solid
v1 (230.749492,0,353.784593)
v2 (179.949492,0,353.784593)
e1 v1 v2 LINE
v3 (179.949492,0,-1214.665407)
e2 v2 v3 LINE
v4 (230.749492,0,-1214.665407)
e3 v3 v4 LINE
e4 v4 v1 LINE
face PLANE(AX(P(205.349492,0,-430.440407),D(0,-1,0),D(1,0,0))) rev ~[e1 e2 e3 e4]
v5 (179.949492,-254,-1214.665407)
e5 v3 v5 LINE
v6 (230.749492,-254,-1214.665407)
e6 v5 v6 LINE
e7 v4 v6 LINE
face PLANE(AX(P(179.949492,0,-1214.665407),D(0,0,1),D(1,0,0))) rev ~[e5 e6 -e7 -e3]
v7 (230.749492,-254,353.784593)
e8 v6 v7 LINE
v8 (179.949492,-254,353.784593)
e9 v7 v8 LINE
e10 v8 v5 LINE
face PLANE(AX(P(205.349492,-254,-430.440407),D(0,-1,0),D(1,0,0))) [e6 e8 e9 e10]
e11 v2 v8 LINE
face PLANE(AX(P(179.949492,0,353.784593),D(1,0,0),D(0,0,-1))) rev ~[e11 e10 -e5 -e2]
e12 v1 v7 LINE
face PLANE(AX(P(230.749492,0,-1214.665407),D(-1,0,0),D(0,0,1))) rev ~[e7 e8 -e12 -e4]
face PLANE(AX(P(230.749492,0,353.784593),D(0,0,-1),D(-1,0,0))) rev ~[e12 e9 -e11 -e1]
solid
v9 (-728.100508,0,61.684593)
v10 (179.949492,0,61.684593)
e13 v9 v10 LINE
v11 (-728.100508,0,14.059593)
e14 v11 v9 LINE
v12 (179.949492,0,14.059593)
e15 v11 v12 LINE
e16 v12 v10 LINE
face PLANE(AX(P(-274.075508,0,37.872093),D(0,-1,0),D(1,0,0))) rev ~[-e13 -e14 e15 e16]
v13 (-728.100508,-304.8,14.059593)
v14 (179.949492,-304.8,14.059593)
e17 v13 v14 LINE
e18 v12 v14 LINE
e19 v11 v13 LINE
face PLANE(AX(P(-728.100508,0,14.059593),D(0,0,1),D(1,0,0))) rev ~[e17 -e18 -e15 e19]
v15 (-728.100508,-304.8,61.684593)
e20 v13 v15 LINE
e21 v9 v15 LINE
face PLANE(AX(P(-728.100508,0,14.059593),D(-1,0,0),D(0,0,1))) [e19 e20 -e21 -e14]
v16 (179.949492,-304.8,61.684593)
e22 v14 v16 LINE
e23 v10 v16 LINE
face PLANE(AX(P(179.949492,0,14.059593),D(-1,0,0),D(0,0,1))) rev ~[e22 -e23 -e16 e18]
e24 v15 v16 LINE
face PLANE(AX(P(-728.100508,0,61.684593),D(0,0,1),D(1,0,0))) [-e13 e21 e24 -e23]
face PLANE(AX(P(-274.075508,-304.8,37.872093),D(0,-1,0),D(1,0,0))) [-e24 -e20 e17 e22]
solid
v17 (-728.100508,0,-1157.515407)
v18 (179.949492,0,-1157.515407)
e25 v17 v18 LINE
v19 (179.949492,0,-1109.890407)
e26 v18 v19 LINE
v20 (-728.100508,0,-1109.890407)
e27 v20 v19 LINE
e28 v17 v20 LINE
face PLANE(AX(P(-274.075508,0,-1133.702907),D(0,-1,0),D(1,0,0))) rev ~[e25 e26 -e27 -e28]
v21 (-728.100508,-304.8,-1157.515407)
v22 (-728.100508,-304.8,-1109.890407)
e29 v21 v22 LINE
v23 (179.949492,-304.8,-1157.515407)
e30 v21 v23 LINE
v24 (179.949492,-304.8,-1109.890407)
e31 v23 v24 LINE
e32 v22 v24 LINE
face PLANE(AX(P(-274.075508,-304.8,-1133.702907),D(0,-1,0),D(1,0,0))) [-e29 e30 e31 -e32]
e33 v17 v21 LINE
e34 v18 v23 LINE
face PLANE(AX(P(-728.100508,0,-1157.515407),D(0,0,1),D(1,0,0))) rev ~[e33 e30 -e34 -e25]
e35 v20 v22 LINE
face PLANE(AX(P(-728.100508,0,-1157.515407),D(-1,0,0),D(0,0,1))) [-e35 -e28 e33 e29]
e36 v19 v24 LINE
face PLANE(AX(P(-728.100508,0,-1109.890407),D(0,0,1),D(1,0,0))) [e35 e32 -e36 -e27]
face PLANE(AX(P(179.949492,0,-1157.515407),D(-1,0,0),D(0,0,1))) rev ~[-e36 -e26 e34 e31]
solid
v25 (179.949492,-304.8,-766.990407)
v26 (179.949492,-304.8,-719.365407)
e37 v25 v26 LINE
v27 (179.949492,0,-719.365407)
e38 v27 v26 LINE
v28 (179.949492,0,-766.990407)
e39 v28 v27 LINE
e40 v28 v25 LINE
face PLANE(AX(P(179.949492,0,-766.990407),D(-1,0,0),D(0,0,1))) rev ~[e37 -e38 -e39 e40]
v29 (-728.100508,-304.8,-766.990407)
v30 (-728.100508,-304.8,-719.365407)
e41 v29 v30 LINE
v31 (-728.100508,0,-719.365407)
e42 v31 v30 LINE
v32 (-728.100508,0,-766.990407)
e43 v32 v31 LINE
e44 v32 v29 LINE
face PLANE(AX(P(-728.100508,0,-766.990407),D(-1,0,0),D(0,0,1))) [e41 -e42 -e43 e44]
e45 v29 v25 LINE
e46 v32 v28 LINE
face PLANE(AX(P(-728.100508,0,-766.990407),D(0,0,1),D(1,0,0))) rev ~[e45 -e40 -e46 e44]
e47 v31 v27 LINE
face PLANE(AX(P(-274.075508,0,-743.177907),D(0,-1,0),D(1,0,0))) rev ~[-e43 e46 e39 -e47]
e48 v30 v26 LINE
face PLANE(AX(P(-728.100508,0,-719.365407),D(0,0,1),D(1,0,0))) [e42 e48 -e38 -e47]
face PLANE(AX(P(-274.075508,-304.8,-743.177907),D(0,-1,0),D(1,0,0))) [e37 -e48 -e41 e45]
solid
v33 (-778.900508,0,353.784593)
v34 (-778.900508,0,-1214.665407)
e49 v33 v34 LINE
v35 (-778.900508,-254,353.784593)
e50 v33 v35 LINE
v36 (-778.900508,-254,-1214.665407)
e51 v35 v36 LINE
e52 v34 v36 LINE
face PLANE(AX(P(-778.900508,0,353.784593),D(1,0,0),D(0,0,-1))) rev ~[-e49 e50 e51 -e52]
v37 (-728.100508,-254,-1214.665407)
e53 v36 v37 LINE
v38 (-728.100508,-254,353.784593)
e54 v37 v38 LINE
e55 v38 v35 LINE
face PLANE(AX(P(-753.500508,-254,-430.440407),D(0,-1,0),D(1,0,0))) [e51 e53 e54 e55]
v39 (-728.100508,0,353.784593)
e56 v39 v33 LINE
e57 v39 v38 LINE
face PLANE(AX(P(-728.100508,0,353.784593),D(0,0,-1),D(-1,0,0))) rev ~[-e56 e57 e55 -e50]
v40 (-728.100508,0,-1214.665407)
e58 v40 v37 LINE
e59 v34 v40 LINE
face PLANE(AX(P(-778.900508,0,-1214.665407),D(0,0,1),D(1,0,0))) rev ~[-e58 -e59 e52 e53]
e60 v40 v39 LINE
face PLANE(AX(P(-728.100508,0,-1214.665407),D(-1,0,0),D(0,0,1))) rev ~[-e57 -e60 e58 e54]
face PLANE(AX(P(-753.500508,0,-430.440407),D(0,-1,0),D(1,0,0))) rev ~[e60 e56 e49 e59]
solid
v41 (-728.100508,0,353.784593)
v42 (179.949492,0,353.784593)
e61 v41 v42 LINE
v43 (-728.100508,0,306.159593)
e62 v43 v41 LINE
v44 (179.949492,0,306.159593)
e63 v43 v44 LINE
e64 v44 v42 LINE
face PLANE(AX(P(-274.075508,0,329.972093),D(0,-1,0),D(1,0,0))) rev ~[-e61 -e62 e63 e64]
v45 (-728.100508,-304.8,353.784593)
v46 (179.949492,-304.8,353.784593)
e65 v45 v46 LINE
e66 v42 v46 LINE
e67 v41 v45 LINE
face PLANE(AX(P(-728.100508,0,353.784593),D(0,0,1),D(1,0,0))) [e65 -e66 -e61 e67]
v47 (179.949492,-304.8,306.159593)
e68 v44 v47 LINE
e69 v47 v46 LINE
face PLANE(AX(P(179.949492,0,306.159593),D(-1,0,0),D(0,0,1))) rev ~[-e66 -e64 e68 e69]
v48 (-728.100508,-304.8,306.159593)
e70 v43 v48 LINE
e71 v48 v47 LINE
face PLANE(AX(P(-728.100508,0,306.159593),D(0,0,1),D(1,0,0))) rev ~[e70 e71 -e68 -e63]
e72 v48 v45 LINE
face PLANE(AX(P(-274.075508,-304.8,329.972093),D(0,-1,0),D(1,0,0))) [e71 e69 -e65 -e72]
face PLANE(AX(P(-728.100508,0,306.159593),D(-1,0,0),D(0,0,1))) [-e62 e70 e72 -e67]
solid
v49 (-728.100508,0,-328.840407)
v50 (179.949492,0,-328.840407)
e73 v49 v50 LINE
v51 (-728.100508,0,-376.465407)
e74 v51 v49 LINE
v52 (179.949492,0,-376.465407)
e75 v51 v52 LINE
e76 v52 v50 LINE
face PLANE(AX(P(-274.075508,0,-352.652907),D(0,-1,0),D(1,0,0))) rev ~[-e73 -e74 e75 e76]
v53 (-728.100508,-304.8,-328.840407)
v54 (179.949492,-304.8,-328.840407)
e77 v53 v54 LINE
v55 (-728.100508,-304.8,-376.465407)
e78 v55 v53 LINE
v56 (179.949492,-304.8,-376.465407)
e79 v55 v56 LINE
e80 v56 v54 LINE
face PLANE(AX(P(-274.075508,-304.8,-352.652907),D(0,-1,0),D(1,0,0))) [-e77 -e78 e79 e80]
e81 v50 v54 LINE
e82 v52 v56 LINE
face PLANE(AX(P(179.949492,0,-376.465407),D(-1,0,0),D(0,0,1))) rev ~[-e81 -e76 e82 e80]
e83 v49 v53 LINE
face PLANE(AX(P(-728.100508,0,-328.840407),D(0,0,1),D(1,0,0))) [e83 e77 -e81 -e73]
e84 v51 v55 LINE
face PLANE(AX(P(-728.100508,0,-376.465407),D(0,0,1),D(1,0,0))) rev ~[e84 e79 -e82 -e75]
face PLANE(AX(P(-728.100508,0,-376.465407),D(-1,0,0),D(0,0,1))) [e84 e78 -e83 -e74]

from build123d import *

# Parameters (mm, degrees)
F1_DEPTH = 254
F0_W     = 908.05
F0_H     = 47.625
F2_DEPTH = 304.8


with BuildPart() as f1:
    # F0 (on Front) → F1 (new body)
    with BuildSketch(Plane.XZ):
        Polygon((-728.100508, 353.784593), (-778.900508, 353.784593), (-778.900508, -1214.665407), (-728.100508, -1214.665407), (-728.100508, -1157.515407), (-728.100508, -1109.890407), (-728.100508, -766.990407), (-728.100508, -719.365407), (-728.100508, -376.465407), (-728.100508, -328.840407), (-728.100508, 14.059593), (-728.100508, 61.684593), (-728.100508, 306.159593), align=None)
        Polygon((230.749492, 353.784593), (179.949492, 353.784593), (179.949492, 306.159593), (179.949492, 61.684593), (179.949492, 14.059593), (179.949492, -328.840407), (179.949492, -376.465407), (179.949492, -719.365407), (179.949492, -766.990407), (179.949492, -1109.890407), (179.949492, -1157.515407), (179.949492, -1214.665407), (230.749492, -1214.665407), align=None)
    extrude(amount=F1_DEPTH)


with BuildPart() as f2:
    # F0 (on Front) → F2 (new body)
    with BuildSketch(Plane.XZ):
        with Locations((-274.075508, 329.972093)):
            Rectangle(F0_W, F0_H)
        with Locations((-274.075508, 37.872093)):
            Rectangle(F0_W, F0_H)
        with Locations((-274.075508, -352.652907)):
            Rectangle(F0_W, F0_H)
        with Locations((-274.075508, -743.177907)):
            Rectangle(F0_W, F0_H)
        with Locations((-274.075508, -1133.702907)):
            Rectangle(F0_W, F0_H)
    extrude(amount=F2_DEPTH)


solid = Compound([f1.part, f2.part])
